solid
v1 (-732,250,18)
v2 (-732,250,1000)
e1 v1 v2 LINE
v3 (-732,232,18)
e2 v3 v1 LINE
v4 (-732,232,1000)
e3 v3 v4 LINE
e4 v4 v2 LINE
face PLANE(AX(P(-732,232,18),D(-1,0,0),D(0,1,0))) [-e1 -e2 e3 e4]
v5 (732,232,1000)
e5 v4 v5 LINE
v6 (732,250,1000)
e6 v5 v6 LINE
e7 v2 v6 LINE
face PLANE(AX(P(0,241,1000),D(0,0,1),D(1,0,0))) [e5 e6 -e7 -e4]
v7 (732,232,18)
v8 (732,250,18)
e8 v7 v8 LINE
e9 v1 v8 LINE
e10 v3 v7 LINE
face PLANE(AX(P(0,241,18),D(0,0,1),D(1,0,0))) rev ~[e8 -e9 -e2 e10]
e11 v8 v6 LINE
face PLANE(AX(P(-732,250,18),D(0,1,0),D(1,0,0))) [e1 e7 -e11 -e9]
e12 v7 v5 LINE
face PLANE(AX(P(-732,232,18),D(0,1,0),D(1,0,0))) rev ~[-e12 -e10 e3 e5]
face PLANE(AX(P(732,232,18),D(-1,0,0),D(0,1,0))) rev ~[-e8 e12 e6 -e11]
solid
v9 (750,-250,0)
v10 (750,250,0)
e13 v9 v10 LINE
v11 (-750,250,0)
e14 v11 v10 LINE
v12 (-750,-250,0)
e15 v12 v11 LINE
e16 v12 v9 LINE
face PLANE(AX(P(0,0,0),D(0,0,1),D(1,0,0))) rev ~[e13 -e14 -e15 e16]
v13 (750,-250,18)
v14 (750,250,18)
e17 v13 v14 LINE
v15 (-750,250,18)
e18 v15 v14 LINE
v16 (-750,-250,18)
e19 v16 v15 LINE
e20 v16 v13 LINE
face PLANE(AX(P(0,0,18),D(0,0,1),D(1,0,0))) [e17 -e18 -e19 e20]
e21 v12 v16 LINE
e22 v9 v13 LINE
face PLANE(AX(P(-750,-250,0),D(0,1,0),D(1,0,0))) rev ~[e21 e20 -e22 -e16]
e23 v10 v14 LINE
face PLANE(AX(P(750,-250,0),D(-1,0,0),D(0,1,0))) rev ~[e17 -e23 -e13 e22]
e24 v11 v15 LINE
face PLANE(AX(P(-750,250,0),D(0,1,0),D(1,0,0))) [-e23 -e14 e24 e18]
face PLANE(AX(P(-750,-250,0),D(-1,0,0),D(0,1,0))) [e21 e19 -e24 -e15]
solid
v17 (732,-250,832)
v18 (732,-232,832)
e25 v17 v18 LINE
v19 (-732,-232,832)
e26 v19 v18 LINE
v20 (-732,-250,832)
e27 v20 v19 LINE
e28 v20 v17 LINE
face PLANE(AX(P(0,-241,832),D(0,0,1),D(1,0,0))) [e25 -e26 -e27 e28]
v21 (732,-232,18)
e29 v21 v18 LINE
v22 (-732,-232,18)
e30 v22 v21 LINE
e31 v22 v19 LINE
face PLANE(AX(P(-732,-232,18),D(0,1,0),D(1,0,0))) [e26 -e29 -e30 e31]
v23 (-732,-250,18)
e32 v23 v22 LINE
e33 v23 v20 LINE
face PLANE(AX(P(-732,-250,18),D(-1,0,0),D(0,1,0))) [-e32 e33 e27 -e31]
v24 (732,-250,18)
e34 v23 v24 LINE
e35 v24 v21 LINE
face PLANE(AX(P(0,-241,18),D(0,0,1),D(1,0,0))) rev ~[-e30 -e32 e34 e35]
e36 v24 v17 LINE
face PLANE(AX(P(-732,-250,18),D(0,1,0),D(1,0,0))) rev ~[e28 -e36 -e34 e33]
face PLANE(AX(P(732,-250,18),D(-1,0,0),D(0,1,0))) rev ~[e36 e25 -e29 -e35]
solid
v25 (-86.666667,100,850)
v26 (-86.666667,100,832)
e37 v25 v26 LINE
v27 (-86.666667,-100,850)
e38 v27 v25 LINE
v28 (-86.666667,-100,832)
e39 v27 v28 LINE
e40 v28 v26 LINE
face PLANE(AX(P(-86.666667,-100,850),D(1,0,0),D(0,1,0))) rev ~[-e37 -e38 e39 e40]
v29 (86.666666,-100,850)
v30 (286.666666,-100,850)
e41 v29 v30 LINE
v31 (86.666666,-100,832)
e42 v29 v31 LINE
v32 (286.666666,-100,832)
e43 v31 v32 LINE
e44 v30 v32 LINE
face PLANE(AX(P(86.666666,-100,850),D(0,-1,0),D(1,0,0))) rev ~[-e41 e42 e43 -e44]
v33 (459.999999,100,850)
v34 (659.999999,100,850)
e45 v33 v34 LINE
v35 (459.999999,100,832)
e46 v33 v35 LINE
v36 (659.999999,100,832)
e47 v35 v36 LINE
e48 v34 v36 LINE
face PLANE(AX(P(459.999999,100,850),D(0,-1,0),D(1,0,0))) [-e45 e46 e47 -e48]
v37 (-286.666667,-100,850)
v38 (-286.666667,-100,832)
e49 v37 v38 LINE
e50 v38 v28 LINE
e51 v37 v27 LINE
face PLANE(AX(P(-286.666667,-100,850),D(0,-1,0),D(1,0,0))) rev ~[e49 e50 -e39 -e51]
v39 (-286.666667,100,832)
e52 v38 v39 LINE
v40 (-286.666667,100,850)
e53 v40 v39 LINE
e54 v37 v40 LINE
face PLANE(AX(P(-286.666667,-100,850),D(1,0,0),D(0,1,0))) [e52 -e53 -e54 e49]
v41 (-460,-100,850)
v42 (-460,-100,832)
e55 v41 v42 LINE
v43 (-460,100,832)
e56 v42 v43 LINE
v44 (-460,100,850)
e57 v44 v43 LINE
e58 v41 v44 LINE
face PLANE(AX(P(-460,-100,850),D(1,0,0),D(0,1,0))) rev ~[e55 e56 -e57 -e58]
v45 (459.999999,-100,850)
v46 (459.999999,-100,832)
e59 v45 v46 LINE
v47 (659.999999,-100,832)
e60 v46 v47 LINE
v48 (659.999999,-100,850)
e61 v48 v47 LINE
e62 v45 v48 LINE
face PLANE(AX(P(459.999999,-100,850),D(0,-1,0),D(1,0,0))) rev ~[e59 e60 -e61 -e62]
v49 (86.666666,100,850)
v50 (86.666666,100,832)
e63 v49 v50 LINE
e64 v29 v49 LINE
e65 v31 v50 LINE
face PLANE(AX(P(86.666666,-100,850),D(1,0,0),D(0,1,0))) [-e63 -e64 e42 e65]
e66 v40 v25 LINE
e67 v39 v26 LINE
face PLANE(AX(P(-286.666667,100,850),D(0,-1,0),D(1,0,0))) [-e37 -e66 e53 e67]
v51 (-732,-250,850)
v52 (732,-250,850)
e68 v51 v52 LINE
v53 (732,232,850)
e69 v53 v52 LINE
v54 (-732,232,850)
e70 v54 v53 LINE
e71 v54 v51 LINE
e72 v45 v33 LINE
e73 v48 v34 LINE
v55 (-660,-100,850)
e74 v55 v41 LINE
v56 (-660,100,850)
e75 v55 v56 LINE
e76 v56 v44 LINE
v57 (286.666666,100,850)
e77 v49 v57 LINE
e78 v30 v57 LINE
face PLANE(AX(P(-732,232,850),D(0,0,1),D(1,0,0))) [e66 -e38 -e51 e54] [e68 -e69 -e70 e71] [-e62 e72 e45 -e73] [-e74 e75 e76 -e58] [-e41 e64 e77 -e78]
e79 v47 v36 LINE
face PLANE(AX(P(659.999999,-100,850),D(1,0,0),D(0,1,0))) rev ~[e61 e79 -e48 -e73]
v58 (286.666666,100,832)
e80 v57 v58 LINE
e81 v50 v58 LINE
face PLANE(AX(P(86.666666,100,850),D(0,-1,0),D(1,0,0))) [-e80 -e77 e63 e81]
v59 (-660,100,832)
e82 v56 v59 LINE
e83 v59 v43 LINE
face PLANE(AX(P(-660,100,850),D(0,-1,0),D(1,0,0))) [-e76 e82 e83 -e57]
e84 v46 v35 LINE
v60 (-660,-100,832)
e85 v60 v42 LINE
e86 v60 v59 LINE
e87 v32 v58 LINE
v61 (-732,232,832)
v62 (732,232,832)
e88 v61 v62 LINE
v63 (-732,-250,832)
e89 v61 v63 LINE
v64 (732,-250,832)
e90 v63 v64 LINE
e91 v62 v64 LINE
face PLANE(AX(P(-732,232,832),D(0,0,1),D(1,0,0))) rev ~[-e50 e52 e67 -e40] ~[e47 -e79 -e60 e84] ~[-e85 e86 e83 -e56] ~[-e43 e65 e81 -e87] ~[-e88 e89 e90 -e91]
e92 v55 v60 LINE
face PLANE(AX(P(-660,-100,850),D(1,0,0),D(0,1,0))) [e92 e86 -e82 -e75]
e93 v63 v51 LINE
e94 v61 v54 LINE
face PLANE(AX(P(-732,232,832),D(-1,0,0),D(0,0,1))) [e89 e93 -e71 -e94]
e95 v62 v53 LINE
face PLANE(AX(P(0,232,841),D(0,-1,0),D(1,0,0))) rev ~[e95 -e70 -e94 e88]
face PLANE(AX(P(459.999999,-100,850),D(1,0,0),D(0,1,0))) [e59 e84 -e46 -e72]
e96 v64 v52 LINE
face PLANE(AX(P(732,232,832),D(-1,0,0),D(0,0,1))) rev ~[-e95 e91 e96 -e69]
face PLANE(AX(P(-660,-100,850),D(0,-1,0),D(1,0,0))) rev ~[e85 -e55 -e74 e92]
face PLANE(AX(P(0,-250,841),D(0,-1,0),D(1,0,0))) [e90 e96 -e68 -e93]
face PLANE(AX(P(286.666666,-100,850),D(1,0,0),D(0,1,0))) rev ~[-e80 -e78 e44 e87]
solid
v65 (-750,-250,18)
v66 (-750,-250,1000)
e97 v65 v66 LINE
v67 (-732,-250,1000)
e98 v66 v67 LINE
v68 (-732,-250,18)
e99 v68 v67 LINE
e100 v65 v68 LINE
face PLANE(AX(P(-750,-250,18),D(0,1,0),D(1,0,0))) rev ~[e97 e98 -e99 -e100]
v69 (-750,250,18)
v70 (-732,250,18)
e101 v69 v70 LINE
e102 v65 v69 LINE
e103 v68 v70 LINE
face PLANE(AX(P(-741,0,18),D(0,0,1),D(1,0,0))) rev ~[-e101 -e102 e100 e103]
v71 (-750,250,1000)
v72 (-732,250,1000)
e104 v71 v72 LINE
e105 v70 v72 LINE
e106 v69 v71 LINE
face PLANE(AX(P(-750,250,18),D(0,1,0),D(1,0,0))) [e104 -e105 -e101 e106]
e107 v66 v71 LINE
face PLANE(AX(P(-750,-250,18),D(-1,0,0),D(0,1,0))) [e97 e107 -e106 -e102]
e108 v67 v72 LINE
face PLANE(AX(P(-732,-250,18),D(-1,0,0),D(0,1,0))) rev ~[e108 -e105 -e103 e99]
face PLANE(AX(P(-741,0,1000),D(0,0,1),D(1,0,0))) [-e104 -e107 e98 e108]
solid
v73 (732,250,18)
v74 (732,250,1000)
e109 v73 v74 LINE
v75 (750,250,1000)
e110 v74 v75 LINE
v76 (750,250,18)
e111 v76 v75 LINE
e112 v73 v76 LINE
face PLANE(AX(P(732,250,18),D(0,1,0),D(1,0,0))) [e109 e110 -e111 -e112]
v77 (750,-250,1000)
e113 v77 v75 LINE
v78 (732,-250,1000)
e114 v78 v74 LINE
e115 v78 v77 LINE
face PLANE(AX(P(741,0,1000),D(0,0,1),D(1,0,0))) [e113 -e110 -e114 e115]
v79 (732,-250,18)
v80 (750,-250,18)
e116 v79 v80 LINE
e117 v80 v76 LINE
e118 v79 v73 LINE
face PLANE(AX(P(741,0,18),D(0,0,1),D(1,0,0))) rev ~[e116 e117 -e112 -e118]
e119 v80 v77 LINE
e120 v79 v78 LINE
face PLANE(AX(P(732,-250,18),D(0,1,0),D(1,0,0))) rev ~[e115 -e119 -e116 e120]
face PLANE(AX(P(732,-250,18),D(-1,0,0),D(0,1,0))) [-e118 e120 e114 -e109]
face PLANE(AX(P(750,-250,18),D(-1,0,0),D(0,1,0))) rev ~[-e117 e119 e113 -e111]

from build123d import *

# Parameters (mm, degrees)
SKETCH_W            = 1500
SKETCH_H            = 500
PAD_DEPTH           = 18
SKETCH001_W         = 18
SKETCH001_H         = 500
PAD001_DEPTH        = 982
SKETCH002_W         = 18
SKETCH002_H         = 500
PAD002_DEPTH        = 982
SKETCH003_W         = 1464
SKETCH003_H         = 18
PAD003_DEPTH        = 982
SKETCH004_W         = 1464
SKETCH004_H         = 18
PAD004_DEPTH        = 814
SKETCH005_W         = 1464
SKETCH005_H         = 18
PAD005_DEPTH        = 482
SKETCH006_W         = 200
SKETCH006_H         = 200
POCKET_DEPTH        = 3100.820489
LINEARPATTERN_COUNT = 4
LINEARPATTERN_PITCH = 373.333333


with BuildPart() as boden:
    # Sketch → Pad (new body)
    with BuildSketch(Plane.XY):
        Rectangle(SKETCH_W, SKETCH_H)
    extrude(amount=PAD_DEPTH)


with BuildPart() as wandrechts:
    # Sketch001 (on Face1 of ShapeBinder) → Pad001 (new body)
    with BuildSketch(Plane.XY.offset(18)):
        with Locations((741, 0)):
            Rectangle(SKETCH001_W, SKETCH001_H)
    extrude(amount=PAD001_DEPTH)


with BuildPart() as wandlinks:
    # Sketch002 (on Face1 of ShapeBinder001) → Pad002 (new body)
    with BuildSketch(Plane.XY.offset(18)):
        with Locations((-741, 0)):
            Rectangle(SKETCH002_W, SKETCH002_H)
    extrude(amount=PAD002_DEPTH)


with BuildPart() as r_ckplatte:
    # Sketch003 (on Face1 of ShapeBinder002) → Pad003 (new body)
    with BuildSketch(Plane.XY.offset(18)):
        with Locations((0, 241)):
            Rectangle(SKETCH003_W, SKETCH003_H)
    extrude(amount=PAD003_DEPTH)


with BuildPart() as vorderplatte:
    # Sketch004 (on Face1 of ShapeBinder003) → Pad004 (new body)
    with BuildSketch(Plane.XY.offset(18)):
        with Locations((0, -241)):
            Rectangle(SKETCH004_W, SKETCH004_H)
    extrude(amount=PAD004_DEPTH)


with BuildPart() as zwischenplatte:
    # Sketch005 (on Face1 of ShapeBinder004) → Pad005 (new body)
    with BuildSketch(Plane(origin=(0, 232, 18), x_dir=(1, 0, 0), z_dir=(0, -1, 0))):
        with Locations((0, 823)):
            Rectangle(SKETCH005_W, SKETCH005_H)
    extrude(amount=PAD005_DEPTH)

    # Sketch006 (on Face1 of Pad005) → Pocket (cut, through all)
    with BuildSketch(Plane.XY.offset(850)):
        with Locations((-560, 0)):
            Rectangle(SKETCH006_W, SKETCH006_H)
    pocket = extrude(amount=-POCKET_DEPTH, mode=Mode.SUBTRACT)

    # LinearPattern: Pocket ×4
    with Locations(*[(i * LINEARPATTERN_PITCH, 0, 0) for i in range(1, LINEARPATTERN_COUNT)]):
        add(pocket, mode=Mode.SUBTRACT)


solid = Compound([boden.part, wandrechts.part, wandlinks.part, r_ckplatte.part, vorderplatte.part, zwischenplatte.part])
